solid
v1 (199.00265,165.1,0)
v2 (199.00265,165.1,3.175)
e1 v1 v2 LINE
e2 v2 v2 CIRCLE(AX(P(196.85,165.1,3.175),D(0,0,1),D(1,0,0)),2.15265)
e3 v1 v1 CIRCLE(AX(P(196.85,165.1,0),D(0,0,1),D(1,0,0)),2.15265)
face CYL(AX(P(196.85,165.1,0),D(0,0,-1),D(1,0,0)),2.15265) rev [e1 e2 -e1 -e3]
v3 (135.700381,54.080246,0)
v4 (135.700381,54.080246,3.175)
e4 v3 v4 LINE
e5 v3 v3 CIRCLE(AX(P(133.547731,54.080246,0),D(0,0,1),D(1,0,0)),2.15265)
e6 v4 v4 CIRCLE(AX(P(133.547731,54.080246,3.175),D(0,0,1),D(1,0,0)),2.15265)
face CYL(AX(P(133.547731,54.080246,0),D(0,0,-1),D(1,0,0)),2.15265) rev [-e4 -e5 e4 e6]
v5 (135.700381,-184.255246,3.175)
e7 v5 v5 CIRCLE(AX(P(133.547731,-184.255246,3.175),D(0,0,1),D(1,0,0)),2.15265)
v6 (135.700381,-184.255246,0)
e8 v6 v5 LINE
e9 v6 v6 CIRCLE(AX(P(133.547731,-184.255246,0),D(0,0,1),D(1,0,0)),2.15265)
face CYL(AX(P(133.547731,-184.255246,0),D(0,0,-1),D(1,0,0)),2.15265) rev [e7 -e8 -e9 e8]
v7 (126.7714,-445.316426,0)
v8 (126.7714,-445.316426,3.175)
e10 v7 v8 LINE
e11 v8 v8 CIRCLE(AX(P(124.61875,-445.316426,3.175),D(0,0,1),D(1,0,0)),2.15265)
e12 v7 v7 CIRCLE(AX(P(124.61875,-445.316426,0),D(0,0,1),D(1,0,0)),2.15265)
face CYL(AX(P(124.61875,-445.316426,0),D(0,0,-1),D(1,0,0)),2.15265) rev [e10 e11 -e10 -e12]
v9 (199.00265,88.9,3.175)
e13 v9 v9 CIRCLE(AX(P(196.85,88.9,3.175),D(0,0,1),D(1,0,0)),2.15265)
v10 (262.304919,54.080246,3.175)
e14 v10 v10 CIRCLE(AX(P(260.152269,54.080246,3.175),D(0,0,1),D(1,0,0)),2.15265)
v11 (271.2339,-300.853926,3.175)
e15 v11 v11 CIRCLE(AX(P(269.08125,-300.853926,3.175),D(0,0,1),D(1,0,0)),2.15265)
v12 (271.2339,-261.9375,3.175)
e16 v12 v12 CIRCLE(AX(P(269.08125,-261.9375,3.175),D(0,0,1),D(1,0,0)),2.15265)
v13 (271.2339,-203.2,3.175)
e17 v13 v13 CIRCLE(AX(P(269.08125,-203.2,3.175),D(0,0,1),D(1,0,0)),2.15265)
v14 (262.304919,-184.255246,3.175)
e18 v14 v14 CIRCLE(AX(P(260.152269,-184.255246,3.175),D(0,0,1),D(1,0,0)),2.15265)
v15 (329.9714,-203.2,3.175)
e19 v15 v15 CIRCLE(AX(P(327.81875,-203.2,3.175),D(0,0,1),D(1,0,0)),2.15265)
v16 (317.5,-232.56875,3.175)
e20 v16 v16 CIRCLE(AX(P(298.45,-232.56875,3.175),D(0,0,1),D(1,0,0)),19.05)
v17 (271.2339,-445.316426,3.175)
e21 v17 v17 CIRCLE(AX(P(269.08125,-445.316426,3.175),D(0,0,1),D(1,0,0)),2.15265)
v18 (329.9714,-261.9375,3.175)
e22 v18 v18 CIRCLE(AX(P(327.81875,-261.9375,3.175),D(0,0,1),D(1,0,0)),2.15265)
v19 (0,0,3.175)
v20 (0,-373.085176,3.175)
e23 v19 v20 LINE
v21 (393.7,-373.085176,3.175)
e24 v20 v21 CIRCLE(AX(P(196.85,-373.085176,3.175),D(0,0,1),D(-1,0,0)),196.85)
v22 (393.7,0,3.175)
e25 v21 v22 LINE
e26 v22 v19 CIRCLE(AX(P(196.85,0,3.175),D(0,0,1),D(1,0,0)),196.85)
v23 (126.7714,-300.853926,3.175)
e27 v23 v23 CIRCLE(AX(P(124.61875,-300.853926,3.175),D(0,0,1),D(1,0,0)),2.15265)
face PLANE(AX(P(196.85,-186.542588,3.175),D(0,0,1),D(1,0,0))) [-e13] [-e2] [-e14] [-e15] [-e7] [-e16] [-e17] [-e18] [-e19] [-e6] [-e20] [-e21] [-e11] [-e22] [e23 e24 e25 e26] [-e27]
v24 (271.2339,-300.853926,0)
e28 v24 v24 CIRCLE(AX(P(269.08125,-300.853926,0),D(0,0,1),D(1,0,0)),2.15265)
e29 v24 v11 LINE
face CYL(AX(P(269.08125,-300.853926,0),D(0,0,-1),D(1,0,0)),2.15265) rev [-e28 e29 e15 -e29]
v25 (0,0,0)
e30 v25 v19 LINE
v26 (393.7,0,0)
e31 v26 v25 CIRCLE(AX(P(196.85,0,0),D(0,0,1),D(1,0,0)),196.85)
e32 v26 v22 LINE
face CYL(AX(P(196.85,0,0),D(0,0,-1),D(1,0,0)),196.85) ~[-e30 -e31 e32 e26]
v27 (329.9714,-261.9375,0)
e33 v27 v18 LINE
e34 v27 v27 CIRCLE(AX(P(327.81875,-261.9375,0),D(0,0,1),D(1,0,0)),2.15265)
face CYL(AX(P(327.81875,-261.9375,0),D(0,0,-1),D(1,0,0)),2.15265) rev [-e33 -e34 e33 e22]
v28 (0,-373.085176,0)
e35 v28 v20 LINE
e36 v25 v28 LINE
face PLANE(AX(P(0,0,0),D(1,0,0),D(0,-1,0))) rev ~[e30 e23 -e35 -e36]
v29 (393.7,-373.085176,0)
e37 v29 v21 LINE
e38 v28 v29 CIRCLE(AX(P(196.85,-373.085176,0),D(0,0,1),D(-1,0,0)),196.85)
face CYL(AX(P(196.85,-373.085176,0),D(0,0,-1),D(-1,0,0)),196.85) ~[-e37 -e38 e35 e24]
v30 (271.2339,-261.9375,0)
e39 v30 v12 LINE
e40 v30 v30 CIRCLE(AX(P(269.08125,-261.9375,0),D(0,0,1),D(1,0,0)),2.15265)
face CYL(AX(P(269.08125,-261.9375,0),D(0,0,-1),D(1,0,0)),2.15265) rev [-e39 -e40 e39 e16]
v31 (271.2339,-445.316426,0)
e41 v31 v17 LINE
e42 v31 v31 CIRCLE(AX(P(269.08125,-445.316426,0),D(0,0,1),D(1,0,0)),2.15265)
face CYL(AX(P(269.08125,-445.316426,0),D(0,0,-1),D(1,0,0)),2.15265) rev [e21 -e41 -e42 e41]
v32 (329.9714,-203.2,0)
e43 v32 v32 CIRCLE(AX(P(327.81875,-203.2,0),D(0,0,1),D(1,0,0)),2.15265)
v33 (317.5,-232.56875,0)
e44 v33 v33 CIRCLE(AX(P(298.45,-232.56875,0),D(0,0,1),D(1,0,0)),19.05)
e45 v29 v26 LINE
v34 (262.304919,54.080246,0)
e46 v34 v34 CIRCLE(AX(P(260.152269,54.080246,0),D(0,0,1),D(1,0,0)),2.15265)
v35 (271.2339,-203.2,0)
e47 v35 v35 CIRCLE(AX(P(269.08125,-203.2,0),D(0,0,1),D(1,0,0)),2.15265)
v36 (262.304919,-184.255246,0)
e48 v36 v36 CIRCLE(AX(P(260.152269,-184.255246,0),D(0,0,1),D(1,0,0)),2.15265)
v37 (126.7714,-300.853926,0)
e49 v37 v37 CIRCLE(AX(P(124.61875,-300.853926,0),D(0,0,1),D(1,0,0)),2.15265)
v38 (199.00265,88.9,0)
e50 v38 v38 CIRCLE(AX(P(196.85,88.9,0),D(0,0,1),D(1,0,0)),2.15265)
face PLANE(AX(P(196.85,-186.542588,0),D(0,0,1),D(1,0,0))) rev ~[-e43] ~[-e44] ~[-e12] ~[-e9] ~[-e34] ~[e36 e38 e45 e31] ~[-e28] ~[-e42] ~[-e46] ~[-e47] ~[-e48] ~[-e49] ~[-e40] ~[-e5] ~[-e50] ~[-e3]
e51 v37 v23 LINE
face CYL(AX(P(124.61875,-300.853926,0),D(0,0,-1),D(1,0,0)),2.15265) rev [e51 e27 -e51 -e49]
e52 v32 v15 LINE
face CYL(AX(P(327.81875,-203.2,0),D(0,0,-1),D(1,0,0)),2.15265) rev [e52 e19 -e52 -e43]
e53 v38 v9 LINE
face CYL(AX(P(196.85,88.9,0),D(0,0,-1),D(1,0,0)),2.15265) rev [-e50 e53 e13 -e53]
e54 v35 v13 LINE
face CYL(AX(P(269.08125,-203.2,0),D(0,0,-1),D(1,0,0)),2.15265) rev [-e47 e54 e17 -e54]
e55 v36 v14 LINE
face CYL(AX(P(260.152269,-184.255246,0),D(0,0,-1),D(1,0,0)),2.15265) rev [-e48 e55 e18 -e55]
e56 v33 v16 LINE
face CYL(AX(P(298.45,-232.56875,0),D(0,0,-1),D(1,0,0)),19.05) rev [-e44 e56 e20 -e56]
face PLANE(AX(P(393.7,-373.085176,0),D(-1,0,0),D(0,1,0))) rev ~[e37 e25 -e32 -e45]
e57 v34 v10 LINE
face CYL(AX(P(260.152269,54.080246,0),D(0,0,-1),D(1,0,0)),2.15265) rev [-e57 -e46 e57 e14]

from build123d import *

# Parameters (mm, degrees)
F0_R     = 2.15265
F0_R_2   = 19.05
F1_DEPTH = 3.175


with BuildPart() as f1:
    # F0 (on Top) → F1 (new body)
    with BuildSketch(Plane.XY):
        with BuildLine():
            ThreePointArc((393.7, 0), (196.85, 196.85), (0, 0))
            Line((0, 0), (0, -373.085176))
            ThreePointArc((0, -373.085176), (196.85, -569.935176), (393.7, -373.085176))
            Line((393.7, -373.085176), (393.7, 0))
        make_face()
        with Locations((124.61875, -445.316426)):
            Circle(F0_R, mode=Mode.SUBTRACT)
        with Locations((124.61875, -300.853926)):
            Circle(F0_R, mode=Mode.SUBTRACT)
        with Locations((269.08125, -445.316426)):
            Circle(F0_R, mode=Mode.SUBTRACT)
        with Locations((269.08125, -300.853926)):
            Circle(F0_R, mode=Mode.SUBTRACT)
        with Locations((269.08125, -261.9375)):
            Circle(F0_R, mode=Mode.SUBTRACT)
        with Locations((269.08125, -203.2)):
            Circle(F0_R, mode=Mode.SUBTRACT)
        with Locations((327.81875, -261.9375)):
            Circle(F0_R, mode=Mode.SUBTRACT)
        with Locations((298.45, -232.56875)):
            Circle(F0_R_2, mode=Mode.SUBTRACT)
        with Locations((327.81875, -203.2)):
            Circle(F0_R, mode=Mode.SUBTRACT)
        with Locations((133.547731, -184.255246)):
            Circle(F0_R, mode=Mode.SUBTRACT)
        with Locations((133.547731, 54.080246)):
            Circle(F0_R, mode=Mode.SUBTRACT)
        with Locations((260.152269, -184.255246)):
            Circle(F0_R, mode=Mode.SUBTRACT)
        with Locations((196.85, 88.9)):
            Circle(F0_R, mode=Mode.SUBTRACT)
        with Locations((260.152269, 54.080246)):
            Circle(F0_R, mode=Mode.SUBTRACT)
        with Locations((196.85, 165.1)):
            Circle(F0_R, mode=Mode.SUBTRACT)
    extrude(amount=F1_DEPTH)


solid = f1.part
